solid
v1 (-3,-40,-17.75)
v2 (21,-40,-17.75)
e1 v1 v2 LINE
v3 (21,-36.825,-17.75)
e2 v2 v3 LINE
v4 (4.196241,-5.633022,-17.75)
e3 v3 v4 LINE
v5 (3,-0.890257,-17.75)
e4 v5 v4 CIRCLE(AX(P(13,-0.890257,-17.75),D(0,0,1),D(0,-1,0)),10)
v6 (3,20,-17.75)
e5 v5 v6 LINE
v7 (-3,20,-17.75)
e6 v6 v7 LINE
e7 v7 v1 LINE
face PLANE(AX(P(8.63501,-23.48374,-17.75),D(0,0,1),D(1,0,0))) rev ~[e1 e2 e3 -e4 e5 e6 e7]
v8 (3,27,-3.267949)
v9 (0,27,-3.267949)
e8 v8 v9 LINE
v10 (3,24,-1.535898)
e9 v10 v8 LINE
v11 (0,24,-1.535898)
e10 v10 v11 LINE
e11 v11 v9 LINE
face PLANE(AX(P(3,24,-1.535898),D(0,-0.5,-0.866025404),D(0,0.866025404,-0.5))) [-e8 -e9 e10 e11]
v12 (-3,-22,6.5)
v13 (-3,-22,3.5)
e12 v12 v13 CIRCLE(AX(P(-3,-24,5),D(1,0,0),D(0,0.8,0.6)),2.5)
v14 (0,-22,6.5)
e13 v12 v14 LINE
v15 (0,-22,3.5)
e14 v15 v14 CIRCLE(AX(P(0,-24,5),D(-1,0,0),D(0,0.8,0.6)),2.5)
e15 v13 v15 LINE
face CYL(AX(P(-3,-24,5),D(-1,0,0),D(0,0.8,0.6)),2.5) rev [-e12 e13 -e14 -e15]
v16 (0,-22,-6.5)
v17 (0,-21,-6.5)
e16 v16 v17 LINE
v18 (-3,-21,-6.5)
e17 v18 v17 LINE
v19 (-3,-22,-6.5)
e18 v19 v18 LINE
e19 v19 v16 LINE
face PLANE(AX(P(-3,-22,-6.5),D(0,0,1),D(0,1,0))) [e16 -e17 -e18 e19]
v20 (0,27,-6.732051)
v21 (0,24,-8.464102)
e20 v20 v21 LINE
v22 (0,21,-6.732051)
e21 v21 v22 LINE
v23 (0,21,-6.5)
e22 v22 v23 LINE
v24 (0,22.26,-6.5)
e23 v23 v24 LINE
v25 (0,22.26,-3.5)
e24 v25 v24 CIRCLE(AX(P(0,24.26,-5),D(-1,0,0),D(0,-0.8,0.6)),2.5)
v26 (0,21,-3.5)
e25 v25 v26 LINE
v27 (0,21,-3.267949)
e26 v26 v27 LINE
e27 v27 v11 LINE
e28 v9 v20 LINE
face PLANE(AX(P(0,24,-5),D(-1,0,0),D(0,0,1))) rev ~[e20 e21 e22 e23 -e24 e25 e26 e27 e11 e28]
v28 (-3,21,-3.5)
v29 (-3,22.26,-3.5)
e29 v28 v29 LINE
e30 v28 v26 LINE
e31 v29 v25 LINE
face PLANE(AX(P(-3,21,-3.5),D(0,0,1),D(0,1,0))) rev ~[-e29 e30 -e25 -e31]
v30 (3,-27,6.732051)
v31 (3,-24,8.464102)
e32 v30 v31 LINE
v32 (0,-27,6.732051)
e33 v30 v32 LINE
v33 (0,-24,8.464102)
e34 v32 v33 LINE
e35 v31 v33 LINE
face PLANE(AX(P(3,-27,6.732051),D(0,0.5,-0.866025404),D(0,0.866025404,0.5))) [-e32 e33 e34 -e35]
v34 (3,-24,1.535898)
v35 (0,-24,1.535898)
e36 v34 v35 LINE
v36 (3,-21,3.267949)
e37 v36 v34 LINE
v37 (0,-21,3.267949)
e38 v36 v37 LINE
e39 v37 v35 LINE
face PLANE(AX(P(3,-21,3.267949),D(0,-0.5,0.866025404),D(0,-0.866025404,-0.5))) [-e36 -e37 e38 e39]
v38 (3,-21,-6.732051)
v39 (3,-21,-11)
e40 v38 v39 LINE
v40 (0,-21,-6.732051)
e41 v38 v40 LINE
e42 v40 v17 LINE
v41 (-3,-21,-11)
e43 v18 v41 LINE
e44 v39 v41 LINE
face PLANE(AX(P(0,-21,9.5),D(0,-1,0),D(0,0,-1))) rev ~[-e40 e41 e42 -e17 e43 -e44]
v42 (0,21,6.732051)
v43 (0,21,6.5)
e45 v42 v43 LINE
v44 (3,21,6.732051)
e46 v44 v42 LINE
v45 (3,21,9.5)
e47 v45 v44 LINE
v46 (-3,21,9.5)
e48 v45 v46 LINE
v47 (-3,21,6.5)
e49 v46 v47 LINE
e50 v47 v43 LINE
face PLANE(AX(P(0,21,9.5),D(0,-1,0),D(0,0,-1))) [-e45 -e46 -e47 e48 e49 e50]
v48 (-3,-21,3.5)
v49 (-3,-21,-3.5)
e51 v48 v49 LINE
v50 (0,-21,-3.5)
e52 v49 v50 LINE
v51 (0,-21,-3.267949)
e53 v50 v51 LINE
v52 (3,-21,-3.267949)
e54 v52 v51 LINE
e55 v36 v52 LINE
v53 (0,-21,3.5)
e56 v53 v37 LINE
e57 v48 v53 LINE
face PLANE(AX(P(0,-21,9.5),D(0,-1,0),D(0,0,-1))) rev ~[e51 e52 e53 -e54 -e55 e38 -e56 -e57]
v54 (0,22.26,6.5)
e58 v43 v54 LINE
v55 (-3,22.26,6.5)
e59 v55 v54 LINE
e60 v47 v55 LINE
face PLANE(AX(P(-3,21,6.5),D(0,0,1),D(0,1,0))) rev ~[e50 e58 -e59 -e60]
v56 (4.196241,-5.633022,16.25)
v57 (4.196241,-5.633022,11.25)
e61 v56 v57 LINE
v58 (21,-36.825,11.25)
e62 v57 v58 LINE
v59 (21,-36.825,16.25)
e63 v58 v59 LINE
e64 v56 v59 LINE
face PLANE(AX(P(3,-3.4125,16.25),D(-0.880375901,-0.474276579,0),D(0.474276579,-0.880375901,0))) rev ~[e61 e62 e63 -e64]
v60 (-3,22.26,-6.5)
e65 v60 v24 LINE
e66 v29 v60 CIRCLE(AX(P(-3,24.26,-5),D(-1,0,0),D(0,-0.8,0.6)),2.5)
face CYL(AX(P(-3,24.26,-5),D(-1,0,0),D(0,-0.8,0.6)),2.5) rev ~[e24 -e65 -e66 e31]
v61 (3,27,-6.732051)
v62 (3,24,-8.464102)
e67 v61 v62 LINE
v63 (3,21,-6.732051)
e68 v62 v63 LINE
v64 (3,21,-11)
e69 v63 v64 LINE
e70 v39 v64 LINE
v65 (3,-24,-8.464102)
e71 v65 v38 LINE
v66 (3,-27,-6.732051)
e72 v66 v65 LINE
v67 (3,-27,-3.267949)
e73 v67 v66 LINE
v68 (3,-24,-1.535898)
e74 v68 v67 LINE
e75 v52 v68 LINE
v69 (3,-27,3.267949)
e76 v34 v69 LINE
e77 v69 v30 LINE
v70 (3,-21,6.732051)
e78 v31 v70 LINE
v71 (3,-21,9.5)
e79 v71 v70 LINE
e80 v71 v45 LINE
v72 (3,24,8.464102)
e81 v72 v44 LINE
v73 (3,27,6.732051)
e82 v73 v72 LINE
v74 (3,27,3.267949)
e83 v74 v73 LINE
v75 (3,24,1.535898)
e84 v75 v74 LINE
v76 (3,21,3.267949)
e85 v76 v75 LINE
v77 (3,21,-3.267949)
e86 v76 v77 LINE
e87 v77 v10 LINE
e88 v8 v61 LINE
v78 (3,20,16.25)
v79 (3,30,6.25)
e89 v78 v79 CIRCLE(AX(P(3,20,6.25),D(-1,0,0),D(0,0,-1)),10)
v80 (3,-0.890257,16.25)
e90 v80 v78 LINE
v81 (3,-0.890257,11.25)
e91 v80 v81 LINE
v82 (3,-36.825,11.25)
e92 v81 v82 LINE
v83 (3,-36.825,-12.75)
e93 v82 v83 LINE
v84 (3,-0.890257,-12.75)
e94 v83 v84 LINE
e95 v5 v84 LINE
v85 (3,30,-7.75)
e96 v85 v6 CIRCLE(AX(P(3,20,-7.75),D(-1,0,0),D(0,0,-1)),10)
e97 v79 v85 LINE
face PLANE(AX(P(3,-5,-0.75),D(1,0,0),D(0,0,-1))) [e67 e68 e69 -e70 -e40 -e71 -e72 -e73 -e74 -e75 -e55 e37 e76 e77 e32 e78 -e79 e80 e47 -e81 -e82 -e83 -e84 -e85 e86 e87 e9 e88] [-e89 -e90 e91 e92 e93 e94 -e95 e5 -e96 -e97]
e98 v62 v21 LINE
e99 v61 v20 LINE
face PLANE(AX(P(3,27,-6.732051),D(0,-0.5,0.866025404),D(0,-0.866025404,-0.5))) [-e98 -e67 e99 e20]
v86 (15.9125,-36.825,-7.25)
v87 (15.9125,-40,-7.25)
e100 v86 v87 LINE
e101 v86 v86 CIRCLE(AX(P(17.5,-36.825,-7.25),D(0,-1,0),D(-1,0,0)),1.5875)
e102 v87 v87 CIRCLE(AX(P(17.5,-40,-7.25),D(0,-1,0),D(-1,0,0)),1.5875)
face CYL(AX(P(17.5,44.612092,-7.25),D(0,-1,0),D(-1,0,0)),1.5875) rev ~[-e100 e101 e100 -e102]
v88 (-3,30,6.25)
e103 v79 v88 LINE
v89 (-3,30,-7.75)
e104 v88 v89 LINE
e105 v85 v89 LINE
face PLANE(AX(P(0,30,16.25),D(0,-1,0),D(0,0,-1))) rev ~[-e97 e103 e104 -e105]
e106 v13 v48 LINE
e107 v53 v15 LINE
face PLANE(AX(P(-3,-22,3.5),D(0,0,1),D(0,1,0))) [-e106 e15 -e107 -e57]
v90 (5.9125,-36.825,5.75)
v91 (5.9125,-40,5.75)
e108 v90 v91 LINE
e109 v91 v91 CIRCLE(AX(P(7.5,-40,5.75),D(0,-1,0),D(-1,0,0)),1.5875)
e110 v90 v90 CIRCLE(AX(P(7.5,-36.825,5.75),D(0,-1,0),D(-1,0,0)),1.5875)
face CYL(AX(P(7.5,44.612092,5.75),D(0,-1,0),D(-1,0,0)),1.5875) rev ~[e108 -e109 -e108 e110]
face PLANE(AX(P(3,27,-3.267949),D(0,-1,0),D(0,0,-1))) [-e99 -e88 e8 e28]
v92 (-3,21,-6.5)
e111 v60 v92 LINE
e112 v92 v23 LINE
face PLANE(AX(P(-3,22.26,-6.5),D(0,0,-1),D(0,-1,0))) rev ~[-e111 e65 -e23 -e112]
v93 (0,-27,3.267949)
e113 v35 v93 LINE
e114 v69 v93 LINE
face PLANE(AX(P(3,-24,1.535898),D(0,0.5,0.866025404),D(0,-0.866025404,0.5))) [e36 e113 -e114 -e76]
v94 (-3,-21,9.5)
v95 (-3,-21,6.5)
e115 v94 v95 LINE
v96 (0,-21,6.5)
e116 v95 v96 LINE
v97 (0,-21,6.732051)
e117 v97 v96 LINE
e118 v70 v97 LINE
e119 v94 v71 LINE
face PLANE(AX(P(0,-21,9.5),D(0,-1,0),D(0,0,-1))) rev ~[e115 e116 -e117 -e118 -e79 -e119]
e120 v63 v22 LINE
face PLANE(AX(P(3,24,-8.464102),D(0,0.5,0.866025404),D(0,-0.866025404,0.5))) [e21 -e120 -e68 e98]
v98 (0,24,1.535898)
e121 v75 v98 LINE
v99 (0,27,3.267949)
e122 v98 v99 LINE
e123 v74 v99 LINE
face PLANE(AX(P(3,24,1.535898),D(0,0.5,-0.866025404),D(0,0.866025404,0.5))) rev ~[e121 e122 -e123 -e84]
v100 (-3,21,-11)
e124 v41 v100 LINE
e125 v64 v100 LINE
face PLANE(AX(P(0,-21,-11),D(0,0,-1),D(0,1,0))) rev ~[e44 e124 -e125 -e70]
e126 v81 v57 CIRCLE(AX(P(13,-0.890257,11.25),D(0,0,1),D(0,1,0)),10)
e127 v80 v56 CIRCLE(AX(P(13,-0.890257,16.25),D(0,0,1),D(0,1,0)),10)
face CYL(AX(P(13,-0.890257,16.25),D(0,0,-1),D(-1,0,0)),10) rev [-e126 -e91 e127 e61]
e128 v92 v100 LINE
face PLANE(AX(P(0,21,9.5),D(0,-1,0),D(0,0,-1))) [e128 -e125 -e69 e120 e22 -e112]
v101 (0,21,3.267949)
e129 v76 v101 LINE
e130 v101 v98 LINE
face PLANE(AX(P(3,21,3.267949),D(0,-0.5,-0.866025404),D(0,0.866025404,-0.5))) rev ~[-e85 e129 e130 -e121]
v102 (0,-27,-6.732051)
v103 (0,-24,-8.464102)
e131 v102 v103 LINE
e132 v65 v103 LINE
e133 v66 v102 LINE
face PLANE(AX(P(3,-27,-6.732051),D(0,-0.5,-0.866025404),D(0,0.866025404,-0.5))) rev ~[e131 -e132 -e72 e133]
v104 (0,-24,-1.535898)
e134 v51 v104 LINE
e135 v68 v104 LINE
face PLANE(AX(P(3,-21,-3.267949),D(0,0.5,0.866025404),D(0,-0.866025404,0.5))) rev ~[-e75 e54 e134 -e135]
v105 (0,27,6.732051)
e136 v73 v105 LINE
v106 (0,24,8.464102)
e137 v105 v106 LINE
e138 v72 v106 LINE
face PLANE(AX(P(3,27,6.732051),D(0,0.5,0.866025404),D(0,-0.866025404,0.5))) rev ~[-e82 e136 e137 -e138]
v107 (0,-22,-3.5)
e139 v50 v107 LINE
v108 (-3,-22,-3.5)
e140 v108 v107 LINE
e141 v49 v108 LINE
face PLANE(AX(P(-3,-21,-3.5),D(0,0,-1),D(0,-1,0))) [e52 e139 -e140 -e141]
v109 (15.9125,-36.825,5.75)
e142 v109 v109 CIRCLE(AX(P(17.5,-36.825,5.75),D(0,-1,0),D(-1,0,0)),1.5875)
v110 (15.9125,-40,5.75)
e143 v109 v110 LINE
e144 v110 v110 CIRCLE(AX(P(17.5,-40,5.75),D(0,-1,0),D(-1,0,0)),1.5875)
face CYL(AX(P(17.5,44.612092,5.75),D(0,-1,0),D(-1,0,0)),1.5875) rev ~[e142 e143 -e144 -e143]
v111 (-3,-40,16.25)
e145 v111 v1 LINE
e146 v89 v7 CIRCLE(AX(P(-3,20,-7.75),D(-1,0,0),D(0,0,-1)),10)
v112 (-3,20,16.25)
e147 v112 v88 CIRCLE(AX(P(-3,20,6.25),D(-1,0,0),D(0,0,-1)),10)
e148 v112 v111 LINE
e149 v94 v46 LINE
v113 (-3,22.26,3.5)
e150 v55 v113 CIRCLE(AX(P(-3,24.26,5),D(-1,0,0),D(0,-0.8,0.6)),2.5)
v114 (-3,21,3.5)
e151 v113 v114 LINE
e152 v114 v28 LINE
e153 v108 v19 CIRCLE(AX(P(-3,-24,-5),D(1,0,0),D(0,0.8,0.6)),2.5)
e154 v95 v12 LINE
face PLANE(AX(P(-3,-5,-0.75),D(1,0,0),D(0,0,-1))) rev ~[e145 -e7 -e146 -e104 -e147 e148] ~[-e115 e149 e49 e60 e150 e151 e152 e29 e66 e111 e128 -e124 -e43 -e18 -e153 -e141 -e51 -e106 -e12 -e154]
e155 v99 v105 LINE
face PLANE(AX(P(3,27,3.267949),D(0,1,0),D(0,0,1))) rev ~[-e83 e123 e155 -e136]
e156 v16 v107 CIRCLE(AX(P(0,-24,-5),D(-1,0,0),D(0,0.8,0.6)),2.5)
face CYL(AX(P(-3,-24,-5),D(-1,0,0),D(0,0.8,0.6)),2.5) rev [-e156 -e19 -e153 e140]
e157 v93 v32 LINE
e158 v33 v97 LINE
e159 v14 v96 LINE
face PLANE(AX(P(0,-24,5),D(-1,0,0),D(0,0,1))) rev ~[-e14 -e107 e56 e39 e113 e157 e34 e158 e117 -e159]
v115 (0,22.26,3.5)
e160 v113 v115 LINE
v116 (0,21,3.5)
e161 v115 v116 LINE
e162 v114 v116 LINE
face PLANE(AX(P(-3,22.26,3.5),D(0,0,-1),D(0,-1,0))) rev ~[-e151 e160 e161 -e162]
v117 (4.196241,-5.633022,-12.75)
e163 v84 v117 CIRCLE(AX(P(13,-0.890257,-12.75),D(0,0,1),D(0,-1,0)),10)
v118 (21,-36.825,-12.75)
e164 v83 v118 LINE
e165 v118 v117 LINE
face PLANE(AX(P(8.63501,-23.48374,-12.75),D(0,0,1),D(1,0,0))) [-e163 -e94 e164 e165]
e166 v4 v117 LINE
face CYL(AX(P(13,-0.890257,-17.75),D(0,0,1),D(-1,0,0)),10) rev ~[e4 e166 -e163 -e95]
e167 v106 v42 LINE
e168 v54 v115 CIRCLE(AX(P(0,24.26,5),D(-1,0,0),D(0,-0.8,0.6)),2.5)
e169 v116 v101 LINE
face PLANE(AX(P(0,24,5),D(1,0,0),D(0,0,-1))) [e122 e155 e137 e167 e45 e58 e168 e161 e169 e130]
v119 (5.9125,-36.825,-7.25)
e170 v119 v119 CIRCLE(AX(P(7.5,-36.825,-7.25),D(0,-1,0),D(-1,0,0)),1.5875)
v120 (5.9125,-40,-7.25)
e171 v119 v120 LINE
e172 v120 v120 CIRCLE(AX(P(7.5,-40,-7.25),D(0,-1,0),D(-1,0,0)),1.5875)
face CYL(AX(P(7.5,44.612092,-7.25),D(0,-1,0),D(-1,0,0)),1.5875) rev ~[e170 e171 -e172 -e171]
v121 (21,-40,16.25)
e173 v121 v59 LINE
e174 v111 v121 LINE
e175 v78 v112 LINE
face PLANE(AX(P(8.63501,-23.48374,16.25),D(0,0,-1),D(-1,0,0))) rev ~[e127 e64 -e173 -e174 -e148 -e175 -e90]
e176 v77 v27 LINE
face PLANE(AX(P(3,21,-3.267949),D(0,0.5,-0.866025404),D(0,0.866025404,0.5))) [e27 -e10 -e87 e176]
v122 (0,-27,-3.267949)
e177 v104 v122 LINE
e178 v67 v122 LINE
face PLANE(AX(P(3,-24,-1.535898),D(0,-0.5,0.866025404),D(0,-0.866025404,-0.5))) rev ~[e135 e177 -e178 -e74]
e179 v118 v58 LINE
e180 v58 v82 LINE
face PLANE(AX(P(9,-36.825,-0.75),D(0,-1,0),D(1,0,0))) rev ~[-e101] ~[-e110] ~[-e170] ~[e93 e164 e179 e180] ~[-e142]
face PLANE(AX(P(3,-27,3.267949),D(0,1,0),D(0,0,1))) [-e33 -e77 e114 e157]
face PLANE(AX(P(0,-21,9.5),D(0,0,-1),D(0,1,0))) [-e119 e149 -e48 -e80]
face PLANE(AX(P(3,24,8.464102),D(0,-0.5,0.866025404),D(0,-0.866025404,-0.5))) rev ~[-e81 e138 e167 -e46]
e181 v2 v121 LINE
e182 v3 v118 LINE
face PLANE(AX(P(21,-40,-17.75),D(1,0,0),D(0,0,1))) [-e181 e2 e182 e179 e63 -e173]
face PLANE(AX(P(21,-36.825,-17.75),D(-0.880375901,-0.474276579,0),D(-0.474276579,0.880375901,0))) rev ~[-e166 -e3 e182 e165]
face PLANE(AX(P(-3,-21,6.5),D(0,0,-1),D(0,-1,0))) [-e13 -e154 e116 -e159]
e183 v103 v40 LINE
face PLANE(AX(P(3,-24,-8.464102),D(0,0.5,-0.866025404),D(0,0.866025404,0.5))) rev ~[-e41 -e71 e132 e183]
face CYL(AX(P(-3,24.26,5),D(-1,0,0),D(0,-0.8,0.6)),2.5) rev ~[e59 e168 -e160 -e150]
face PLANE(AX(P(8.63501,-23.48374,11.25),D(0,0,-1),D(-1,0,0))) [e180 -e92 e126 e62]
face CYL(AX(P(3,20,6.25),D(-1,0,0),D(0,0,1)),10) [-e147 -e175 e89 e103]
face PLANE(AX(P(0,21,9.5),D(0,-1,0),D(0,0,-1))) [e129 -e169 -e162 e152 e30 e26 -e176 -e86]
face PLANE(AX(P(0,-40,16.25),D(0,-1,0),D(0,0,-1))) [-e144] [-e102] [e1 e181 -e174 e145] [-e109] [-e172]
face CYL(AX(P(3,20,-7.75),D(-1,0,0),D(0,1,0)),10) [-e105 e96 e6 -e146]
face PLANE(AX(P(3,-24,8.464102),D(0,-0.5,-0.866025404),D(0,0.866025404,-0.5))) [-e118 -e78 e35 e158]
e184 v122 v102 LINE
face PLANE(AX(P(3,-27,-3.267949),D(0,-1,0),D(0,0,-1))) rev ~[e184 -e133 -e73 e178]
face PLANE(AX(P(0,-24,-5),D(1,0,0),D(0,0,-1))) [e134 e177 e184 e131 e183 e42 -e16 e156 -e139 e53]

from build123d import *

# Parameters (mm, degrees)
SKETCH1_W                    = 34
SKETCH1_H                    = 70
SKETCH1_W_2                  = 20.5
SKETCH1_H_2                  = 42
BOSS_EXTRUDE1_DEPTH          = 3
CUT_EXTRUDE1_DEPTH           = 45.170833137
CUT_EXTRUDE2_START           = -3
CUT_EXTRUDE2_DEPTH           = 3
SKETCH4_W                    = 24
SKETCH4_H                    = 34
BOSS_EXTRUDE2_DEPTH          = 3.175
BOSS_EXTRUDE3_DEPTH          = 5
BOSS_EXTRUDE4_DEPTH          = 5
F_1_8_0_125_DIAMETER_HOLE1_D = 3.175
FILLET1_R                    = 10
FILLET2_R                    = 10


with BuildPart() as part:
    # Sketch1 → Boss-Extrude1 (new, symmetric)
    with BuildSketch(Plane(origin=(0, 0, 0), x_dir=(0, 0, -1), z_dir=(1, 0, 0))):
        with Locations((0.75, -5)):
            Rectangle(SKETCH1_W, SKETCH1_H)
        with Locations((0.75, 0)):
            Rectangle(SKETCH1_W_2, SKETCH1_H_2, mode=Mode.SUBTRACT)
    extrude(amount=BOSS_EXTRUDE1_DEPTH, both=True)

    # Sketch2 → Cut-Extrude1 (cut, through all)
    with BuildSketch(Plane.ZY.offset(3)):
        with BuildLine():
            Line((3.5, -21), (6.5, -21))
            Line((6.5, -21), (6.5, -22))
            ThreePointArc((6.5, -22), (5, -26.5), (3.5, -22))
            Line((3.5, -22), (3.5, -21))
        make_face()
        with BuildLine():
            Line((-6.5, -21), (-3.5, -21))
            Line((-3.5, -21), (-3.5, -22))
            ThreePointArc((-3.5, -22), (-5, -26.5), (-6.5, -22))
            Line((-6.5, -22), (-6.5, -21))
        make_face()
        with BuildLine():
            Line((6.5, 21), (6.5, 22.26))
            ThreePointArc((6.5, 22.26), (5, 26.76), (3.5, 22.26))
            Line((3.5, 22.26), (3.5, 21))
            Line((3.5, 21), (6.5, 21))
        make_face()
        with BuildLine():
            Line((-3.5, 21), (-3.5, 22.26))
            ThreePointArc((-3.5, 22.26), (-5, 26.76), (-6.5, 22.26))
            Line((-6.5, 22.26), (-6.5, 21))
            Line((-6.5, 21), (-3.5, 21))
        make_face()
    extrude(amount=-CUT_EXTRUDE1_DEPTH, mode=Mode.SUBTRACT)

    # Sketch3 → Cut-Extrude2 (cut)
    with BuildSketch(Plane(origin=(3, 0, 0), x_dir=(0, 0, -1), z_dir=(1, 0, 0)).offset(CUT_EXTRUDE2_START)):
        Polygon((-1.535898385, 24), (-3.267949192, 27), (-6.732050808, 27), (-8.464101615, 24), (-6.732050808, 21), (-3.267949192, 21), align=None)
        Polygon((3.267949192, 27), (1.535898385, 24), (3.267949192, 21), (6.732050808, 21), (8.464101615, 24), (6.732050808, 27), align=None)
        with BuildLine():
            Line((1.535898385, -24), (3.267949192, -27))
            Line((3.267949192, -27), (6.732050808, -27))
            Line((6.732050808, -27), (8.464101615, -24))
            Line((8.464101615, -24), (6.732050808, -21))
            Line((6.732050808, -21), (6.5, -21))
            Line((6.5, -21), (6.5, -22))
            ThreePointArc((6.5, -22), (5, -26.5), (3.5, -22))
            Line((3.5, -22), (3.5, -21))
            Line((3.5, -21), (3.267949192, -21))
            Line((3.267949192, -21), (1.535898385, -24))
        make_face()
        with BuildLine():
            Line((-1.535898385, -24), (-3.267949192, -21))
            Line((-3.267949192, -21), (-3.5, -21))
            Line((-3.5, -21), (-3.5, -22))
            ThreePointArc((-3.5, -22), (-5, -26.5), (-6.5, -22))
            Line((-6.5, -22), (-6.5, -21))
            Line((-6.5, -21), (-6.732050808, -21))
            Line((-6.732050808, -21), (-8.464101615, -24))
            Line((-8.464101615, -24), (-6.732050808, -27))
            Line((-6.732050808, -27), (-3.267949192, -27))
            Line((-3.267949192, -27), (-1.535898385, -24))
        make_face()
    extrude(amount=CUT_EXTRUDE2_DEPTH, mode=Mode.SUBTRACT)

    # Sketch4 → Boss-Extrude2 (add)
    with BuildSketch(Plane.XZ.offset(40)):
        with Locations((9, -0.75)):
            Rectangle(SKETCH4_W, SKETCH4_H)
    extrude(amount=-BOSS_EXTRUDE2_DEPTH)

    # Sketch5 → Boss-Extrude3 (add)
    with BuildSketch(Plane(origin=(0, 0, -17.75), x_dir=(-1, 0, 0), z_dir=(0, 0, -1))):
        Polygon((-3, -36.825), (-21, -36.825), (-3, -3.4125), align=None)
    extrude(amount=-BOSS_EXTRUDE3_DEPTH)

    # Sketch6 → Boss-Extrude4 (add)
    with BuildSketch(Plane.XY.offset(16.25)):
        Polygon((21, -36.825), (3, -36.825), (3, -3.4125), align=None)
    extrude(amount=-BOSS_EXTRUDE4_DEPTH)

    # 1/8 (0.125) Diameter Hole1 (through all)
    with Locations(Plane(origin=(0, -36.825, 0), x_dir=(1, 0, 0), z_dir=(0, 1, 0))):
        with Locations((7.5, 7.25), (17.5, 7.25), (17.5, -5.75), (7.5, -5.75)):
            Hole(F_1_8_0_125_DIAMETER_HOLE1_D / 2)

    # Fillet1
    fillet1_edges = [part.edges().sort_by_distance(p)[0] for p in [
        (0, 30, -17.75),
        (0, 30, 16.25),
    ]]
    fillet(fillet1_edges, radius=FILLET1_R)

    # Fillet2
    fillet2_edges = [part.edges().sort_by_distance(p)[0] for p in [
        (3, -3.4125, -15.25),
        (3, -3.4125, 13.75),
    ]]
    fillet(fillet2_edges, radius=FILLET2_R)


solid = part.part
